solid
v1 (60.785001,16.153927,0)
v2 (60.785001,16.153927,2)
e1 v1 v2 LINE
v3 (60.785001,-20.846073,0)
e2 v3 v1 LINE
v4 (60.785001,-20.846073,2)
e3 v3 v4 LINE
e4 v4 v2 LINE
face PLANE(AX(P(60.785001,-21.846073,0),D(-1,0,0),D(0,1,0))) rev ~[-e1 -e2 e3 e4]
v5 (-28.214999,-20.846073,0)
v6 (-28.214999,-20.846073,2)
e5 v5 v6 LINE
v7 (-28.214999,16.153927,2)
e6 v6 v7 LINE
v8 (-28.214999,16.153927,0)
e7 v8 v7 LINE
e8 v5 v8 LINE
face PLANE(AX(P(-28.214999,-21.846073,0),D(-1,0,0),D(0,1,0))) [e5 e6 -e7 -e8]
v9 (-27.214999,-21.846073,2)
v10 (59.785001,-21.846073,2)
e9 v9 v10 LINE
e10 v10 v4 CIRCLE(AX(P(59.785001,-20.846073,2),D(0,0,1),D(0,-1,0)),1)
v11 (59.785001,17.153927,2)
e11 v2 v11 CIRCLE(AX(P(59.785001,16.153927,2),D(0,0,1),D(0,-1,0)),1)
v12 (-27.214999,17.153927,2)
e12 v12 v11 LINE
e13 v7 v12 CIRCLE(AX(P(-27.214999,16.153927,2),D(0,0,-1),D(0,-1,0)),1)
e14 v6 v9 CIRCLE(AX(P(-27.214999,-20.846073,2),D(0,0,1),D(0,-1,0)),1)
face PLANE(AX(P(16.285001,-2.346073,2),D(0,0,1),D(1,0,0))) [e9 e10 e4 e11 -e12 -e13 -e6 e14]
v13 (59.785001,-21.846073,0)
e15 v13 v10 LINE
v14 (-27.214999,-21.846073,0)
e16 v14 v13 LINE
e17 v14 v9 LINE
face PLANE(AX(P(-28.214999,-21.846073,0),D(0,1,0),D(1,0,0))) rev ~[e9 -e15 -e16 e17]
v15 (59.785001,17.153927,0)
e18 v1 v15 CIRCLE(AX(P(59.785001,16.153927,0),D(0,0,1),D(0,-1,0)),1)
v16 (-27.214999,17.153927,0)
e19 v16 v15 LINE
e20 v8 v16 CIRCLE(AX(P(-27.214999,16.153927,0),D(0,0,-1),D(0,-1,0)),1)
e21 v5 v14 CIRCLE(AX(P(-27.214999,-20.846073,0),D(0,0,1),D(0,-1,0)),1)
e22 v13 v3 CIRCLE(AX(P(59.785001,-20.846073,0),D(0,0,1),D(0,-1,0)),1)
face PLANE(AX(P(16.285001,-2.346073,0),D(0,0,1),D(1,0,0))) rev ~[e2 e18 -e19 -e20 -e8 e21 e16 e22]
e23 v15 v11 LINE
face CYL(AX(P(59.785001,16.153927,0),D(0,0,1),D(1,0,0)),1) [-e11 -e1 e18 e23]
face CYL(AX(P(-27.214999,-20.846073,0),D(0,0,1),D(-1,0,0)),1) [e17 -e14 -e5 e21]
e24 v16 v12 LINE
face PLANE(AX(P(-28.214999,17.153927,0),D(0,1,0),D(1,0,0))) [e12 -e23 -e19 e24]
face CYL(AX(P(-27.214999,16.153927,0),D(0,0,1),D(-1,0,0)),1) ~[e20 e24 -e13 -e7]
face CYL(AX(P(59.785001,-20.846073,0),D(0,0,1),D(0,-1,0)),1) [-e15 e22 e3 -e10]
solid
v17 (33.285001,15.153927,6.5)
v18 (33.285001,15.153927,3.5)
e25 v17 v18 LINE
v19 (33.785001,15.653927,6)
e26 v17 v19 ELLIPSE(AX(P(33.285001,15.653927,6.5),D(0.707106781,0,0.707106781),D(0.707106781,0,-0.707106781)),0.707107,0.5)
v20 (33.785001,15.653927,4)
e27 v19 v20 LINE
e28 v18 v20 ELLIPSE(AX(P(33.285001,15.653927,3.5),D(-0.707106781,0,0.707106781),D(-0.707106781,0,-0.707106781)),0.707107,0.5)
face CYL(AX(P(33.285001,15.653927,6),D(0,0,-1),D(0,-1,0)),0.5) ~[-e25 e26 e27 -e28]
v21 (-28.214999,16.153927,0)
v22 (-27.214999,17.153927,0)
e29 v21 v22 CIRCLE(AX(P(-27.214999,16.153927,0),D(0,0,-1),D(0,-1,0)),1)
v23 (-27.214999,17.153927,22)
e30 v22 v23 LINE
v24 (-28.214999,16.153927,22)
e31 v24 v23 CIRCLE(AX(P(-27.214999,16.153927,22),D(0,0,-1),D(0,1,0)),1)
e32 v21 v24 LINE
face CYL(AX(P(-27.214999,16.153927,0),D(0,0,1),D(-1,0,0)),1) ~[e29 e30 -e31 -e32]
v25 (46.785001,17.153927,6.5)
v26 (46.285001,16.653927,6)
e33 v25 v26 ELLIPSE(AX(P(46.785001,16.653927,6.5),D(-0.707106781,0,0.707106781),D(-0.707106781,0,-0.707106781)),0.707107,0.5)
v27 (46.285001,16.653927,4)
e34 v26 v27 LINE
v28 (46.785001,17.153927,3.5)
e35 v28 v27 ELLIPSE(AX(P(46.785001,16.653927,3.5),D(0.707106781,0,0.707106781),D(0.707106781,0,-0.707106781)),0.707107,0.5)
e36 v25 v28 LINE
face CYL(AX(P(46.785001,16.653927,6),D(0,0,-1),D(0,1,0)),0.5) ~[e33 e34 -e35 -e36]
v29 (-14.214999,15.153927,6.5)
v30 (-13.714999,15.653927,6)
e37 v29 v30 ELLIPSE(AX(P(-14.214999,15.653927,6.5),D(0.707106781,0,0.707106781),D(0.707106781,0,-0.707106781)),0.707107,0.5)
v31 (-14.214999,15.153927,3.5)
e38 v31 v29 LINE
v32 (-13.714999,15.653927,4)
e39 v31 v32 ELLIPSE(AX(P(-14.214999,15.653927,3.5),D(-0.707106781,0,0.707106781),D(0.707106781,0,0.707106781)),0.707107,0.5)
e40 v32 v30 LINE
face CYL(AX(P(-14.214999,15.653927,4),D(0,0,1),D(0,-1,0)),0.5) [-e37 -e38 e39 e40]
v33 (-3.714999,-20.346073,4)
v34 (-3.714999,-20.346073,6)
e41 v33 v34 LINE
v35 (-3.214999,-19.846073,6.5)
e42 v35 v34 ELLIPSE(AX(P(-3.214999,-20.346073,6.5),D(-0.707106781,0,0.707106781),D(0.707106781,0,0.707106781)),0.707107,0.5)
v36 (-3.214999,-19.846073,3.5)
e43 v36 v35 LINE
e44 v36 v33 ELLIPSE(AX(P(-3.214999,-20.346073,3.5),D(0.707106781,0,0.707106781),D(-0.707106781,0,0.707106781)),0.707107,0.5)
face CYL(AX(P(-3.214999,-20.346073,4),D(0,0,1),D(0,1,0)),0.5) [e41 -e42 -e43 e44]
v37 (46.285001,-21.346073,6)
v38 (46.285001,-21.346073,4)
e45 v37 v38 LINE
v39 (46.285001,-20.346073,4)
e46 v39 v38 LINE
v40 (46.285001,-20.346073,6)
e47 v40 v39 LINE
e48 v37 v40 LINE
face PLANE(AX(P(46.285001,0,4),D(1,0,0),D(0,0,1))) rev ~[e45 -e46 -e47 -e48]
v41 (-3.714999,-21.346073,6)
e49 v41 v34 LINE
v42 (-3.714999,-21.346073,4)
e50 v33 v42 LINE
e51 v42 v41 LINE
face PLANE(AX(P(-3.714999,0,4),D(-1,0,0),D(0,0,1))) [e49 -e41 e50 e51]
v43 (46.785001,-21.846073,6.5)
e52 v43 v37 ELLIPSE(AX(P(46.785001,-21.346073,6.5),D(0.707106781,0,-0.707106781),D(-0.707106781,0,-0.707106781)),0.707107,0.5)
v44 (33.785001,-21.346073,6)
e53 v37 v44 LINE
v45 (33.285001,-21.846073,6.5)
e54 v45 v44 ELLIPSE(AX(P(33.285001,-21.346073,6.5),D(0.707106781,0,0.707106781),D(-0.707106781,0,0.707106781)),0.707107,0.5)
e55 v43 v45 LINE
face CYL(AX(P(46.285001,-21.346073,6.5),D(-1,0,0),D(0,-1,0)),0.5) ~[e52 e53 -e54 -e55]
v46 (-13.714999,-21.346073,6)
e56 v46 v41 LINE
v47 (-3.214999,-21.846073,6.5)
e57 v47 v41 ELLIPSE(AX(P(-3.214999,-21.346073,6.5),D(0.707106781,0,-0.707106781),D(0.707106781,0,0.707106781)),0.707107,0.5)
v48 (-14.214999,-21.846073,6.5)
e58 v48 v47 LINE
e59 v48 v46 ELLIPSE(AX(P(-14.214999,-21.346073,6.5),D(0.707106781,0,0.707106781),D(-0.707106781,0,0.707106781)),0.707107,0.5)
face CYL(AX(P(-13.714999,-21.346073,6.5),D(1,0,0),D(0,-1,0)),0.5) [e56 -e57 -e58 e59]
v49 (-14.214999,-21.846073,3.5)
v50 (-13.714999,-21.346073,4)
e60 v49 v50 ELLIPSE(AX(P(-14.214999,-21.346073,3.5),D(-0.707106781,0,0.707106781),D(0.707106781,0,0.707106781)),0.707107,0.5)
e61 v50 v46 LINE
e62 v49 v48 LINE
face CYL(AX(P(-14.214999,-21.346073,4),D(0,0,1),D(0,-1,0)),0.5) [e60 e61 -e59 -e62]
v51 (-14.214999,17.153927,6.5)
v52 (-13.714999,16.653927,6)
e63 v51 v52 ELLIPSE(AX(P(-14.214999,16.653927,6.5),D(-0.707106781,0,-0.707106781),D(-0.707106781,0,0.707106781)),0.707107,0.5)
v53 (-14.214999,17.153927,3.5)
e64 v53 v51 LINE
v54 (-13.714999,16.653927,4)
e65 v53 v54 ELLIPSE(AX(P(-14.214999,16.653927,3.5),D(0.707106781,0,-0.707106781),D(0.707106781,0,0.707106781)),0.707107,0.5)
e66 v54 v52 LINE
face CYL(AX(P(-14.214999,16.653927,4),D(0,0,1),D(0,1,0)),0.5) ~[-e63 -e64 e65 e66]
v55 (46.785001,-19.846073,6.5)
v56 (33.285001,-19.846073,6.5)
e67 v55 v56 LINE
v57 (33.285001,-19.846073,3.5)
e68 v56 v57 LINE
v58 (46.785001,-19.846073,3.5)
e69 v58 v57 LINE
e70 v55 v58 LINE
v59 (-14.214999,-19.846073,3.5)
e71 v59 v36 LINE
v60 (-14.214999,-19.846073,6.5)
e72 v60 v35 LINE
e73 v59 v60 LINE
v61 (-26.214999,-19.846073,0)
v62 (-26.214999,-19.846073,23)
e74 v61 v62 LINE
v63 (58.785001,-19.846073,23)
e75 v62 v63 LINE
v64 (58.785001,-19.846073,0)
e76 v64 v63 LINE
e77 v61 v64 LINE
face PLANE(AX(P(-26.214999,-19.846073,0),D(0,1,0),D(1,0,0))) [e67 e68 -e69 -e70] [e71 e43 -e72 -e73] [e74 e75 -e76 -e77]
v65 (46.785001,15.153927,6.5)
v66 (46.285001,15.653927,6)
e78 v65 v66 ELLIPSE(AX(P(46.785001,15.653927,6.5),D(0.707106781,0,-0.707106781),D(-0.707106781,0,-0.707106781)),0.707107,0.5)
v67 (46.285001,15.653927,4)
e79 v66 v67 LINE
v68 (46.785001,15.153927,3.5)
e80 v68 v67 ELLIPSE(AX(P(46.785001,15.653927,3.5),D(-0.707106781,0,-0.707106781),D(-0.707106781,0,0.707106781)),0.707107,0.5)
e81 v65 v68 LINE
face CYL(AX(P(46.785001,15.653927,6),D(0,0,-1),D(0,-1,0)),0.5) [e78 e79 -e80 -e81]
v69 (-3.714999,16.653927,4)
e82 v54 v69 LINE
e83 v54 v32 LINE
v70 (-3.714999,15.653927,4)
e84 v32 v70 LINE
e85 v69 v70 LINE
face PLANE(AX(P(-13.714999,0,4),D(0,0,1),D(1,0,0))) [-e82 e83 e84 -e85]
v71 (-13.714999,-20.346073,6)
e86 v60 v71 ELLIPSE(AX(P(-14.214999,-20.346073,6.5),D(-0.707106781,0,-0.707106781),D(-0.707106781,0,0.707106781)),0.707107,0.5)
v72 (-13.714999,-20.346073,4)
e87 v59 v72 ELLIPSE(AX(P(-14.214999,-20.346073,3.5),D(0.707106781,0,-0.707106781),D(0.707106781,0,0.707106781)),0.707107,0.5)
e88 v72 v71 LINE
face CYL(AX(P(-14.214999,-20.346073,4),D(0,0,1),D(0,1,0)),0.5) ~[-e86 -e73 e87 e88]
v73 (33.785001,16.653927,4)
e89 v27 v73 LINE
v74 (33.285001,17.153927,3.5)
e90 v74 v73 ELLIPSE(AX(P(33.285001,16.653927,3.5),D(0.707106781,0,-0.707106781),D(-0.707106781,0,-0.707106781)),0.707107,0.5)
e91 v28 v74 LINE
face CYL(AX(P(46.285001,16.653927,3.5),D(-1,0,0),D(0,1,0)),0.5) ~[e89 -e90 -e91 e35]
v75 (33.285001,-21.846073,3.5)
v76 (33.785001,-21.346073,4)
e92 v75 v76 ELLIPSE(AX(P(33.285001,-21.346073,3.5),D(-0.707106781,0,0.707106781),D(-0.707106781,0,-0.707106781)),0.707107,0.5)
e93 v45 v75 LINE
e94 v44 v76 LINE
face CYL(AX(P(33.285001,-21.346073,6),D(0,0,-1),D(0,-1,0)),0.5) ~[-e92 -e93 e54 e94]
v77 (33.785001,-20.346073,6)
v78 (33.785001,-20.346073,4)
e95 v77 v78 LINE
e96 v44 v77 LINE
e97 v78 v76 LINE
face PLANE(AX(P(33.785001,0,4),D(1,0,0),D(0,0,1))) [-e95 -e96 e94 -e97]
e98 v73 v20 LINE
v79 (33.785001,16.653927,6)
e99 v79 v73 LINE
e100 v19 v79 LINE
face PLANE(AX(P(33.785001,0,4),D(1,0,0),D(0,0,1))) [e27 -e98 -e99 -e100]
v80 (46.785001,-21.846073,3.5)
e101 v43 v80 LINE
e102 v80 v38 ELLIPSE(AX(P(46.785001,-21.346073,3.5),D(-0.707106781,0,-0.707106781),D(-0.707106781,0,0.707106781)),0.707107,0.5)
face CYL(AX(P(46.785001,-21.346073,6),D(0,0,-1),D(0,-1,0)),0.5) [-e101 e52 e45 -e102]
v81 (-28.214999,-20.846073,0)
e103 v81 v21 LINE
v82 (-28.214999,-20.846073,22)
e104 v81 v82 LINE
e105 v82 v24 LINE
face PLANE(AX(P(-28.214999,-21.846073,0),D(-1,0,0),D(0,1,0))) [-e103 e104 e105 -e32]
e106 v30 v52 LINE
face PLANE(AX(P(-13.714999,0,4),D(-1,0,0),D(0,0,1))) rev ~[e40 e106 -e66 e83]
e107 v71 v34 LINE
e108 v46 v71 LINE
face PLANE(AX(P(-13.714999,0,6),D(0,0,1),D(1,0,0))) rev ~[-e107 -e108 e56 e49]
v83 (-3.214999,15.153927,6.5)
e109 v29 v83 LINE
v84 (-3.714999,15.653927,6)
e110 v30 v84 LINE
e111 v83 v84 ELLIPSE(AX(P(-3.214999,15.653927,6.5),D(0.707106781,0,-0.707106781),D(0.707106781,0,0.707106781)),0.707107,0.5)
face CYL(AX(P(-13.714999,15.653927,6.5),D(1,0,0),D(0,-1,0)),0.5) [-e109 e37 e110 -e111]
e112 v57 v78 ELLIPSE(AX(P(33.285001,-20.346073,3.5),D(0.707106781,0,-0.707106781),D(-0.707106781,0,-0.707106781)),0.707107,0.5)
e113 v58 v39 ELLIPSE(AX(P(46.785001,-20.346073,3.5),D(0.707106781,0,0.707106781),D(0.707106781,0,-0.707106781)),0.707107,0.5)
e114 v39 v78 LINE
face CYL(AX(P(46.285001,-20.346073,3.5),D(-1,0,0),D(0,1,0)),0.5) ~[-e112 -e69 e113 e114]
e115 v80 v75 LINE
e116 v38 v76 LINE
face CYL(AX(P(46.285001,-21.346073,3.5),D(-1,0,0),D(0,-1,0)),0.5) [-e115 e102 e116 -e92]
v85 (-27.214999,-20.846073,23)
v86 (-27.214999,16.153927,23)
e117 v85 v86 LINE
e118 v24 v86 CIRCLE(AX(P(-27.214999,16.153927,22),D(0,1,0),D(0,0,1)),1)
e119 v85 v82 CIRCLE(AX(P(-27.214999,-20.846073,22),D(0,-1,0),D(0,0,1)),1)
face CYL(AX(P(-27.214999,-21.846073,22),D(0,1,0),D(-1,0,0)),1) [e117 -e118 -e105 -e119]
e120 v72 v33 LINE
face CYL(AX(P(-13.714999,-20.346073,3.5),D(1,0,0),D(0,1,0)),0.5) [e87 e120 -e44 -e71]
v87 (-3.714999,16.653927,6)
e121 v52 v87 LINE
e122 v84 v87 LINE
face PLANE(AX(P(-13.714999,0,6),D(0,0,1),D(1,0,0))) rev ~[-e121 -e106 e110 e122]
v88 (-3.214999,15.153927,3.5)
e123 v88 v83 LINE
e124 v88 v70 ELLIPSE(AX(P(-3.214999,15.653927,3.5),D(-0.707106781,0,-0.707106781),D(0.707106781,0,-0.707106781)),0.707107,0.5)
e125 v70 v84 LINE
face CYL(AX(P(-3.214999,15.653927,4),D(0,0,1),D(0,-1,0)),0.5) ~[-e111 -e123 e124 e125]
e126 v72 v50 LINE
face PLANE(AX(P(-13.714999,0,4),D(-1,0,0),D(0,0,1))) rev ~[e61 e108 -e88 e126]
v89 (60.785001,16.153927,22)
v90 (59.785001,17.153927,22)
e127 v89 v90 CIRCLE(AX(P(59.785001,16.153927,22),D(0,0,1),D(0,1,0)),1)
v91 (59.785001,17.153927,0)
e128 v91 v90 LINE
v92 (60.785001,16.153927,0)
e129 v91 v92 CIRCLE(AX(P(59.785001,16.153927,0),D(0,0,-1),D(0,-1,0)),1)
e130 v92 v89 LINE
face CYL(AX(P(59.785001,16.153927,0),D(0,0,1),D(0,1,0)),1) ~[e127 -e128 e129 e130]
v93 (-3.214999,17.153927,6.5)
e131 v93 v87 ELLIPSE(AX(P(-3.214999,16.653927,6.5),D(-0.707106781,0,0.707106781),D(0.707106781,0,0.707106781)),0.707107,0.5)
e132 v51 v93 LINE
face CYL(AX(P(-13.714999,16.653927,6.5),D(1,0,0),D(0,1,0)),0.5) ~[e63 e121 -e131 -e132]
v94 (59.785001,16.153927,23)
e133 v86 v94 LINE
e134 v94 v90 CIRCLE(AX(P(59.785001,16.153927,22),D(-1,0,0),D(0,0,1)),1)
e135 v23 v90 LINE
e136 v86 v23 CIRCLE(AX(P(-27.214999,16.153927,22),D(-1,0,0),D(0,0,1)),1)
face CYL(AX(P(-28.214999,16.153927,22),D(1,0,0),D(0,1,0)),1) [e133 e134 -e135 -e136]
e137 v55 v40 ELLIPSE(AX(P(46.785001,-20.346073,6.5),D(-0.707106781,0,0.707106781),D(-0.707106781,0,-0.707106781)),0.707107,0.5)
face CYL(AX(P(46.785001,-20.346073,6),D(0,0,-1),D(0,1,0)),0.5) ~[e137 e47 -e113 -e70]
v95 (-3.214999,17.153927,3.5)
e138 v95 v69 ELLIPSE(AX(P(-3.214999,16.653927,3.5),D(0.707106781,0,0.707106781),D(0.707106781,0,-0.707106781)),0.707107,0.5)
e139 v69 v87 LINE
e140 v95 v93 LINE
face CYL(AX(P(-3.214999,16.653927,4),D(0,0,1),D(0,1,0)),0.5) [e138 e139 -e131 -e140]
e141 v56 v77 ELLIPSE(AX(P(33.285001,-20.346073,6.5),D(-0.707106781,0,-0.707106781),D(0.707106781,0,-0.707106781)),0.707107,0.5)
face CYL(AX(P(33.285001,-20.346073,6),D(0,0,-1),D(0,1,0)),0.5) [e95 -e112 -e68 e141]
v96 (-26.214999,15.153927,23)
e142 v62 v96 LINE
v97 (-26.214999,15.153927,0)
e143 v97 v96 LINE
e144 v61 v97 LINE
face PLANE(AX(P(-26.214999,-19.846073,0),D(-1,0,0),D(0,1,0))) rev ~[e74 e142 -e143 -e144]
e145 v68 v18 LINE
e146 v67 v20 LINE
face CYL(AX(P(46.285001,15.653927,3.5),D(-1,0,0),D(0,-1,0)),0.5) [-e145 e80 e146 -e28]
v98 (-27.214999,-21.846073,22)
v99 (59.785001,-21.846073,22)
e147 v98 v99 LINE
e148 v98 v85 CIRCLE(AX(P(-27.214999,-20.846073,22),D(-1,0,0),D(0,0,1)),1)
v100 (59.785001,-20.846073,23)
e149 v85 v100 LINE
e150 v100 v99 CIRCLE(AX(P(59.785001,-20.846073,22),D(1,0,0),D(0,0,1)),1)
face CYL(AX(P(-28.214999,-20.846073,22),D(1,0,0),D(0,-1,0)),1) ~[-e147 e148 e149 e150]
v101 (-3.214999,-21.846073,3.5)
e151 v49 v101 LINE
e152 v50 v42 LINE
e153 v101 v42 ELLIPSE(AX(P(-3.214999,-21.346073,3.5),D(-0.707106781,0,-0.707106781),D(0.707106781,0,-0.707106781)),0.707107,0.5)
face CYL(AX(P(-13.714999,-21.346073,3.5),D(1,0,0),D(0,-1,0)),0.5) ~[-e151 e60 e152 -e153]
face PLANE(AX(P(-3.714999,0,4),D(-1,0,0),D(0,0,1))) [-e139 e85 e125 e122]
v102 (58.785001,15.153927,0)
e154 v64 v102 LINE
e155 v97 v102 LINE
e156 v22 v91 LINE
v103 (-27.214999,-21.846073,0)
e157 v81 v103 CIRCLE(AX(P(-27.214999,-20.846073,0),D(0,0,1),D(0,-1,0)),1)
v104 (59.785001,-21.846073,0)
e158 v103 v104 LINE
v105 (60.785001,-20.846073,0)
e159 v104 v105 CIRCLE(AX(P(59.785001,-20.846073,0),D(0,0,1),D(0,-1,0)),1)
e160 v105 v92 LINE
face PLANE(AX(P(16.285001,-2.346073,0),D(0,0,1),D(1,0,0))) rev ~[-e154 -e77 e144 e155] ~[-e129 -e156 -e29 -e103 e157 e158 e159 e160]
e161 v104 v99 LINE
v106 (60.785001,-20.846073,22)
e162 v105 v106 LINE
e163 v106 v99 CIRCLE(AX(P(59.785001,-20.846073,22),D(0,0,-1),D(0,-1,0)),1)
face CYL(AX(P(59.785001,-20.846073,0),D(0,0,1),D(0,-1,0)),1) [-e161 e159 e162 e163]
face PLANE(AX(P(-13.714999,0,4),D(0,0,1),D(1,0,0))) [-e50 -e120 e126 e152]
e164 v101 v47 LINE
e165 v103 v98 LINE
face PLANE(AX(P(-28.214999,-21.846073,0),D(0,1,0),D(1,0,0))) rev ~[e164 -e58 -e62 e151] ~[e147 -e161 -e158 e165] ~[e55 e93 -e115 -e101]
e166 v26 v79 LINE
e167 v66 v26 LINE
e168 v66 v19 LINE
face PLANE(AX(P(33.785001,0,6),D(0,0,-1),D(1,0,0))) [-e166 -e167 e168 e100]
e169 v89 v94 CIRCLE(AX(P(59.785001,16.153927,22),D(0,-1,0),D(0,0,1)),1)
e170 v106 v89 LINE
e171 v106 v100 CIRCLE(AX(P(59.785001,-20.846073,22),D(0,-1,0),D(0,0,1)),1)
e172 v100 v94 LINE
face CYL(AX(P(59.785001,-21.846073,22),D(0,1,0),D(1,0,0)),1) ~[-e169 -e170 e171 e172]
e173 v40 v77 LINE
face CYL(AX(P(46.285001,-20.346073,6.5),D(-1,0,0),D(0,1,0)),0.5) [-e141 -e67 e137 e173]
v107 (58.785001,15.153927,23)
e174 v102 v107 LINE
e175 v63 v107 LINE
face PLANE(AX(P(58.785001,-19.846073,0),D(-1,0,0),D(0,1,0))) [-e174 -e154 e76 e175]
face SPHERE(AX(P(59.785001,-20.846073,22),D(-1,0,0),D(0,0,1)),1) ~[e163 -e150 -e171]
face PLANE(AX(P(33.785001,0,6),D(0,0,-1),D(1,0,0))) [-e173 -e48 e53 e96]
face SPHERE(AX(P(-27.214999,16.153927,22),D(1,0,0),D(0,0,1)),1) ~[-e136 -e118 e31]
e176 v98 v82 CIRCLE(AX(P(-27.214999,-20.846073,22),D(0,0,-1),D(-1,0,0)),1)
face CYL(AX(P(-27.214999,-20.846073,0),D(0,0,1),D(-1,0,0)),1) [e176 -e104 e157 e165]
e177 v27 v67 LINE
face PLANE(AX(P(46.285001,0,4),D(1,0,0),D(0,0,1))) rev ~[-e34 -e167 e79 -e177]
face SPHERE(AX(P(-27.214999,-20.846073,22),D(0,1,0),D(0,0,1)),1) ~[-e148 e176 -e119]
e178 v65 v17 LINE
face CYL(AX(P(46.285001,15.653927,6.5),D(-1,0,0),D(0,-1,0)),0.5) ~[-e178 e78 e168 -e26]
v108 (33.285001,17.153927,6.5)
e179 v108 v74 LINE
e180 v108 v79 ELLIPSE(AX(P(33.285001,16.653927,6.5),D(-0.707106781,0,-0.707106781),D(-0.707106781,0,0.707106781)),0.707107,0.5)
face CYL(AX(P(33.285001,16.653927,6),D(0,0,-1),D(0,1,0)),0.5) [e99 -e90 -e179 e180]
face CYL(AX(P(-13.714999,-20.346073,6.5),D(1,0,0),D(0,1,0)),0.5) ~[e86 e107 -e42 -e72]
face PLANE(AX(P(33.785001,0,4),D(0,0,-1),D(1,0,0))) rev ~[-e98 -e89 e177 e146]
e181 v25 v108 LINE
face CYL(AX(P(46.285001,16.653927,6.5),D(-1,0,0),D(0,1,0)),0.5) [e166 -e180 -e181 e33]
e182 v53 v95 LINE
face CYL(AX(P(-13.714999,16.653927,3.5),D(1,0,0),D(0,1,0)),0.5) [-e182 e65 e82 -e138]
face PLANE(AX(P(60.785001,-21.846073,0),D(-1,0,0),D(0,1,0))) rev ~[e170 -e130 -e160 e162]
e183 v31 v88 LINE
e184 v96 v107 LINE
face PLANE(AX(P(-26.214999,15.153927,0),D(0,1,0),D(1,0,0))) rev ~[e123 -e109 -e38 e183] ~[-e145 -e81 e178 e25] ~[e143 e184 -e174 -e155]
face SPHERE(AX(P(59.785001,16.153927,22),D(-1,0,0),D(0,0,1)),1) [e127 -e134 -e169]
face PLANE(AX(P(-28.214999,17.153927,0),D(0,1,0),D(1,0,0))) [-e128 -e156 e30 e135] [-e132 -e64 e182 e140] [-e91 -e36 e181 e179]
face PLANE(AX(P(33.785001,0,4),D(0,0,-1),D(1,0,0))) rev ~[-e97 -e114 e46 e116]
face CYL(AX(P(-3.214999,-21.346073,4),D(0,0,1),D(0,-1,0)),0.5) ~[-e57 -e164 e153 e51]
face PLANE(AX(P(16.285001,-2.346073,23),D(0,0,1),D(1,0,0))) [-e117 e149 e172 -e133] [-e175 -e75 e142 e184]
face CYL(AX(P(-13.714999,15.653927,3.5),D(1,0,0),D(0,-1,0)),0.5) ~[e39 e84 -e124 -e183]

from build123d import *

# Parameters (mm, degrees)
F0_W     = 89
F0_H     = 39
F0_W_2   = 85
F0_H_2   = 35
F1_DEPTH = 23
F2_W     = 89
F2_H     = 39
F3_DEPTH = 2
F4_R     = 1
F5_R     = 1
F6_W     = 10
F6_H     = 2
F6_W_2   = 12.5
F7_DEPTH = 50
F8_R     = 0.5


with BuildPart() as f1:
    # F0 (on Top) → F1 (new body)
    with BuildSketch(Plane.XY):
        with Locations((16.2850007862, -2.3460731005)):
            Rectangle(F0_W, F0_H)
        with Locations((16.2850007862, -2.3460731005)):
            Rectangle(F0_W_2, F0_H_2, mode=Mode.SUBTRACT)
    extrude(amount=F1_DEPTH)

    # F4
    f4_edges = [f1.edges().sort_by_distance(p)[0] for p in [
        (16.285001, 17.153927, 23),
        (-28.214999, -2.346073, 23),
        (16.285001, -21.846073, 23),
        (60.785001, -2.346073, 23),
        (60.785001, 17.153927, 11.5),
        (60.785001, -21.846073, 11.5),
        (-28.214999, 17.153927, 11.5),
        (-28.214999, -21.846073, 11.5),
    ]]
    fillet(f4_edges, radius=F4_R)

    # F6 (on Front) → F7 (cut, symmetric)
    with BuildSketch(Plane.XZ):
        with Locations((-8.7149992138, 5)):
            Rectangle(F6_W, F6_H)
        with Locations((40.0350007862, 5)):
            Rectangle(F6_W_2, F6_H)
    extrude(amount=F7_DEPTH, both=True, mode=Mode.SUBTRACT)

    # F8
    f8_edges = [f1.edges().sort_by_distance(p)[0] for p in [
        (-13.714999, -21.846073, 5),
        (-8.714999, -21.846073, 6),
        (-8.714999, -21.846073, 4),
        (-3.714999, -21.846073, 5),
        (40.035001, -21.846073, 6),
        (33.785001, -21.846073, 5),
        (40.035001, -21.846073, 4),
        (46.285001, -21.846073, 5),
        (-8.714999, 15.153927, 6),
        (-8.714999, 15.153927, 4),
        (-13.714999, 15.153927, 5),
        (-3.714999, 15.153927, 5),
        (33.785001, 15.153927, 5),
        (40.035001, 15.153927, 6),
        (40.035001, 15.153927, 4),
        (46.285001, 15.153927, 5),
        (46.285001, 17.153927, 5),
        (40.035001, 17.153927, 6),
        (33.785001, 17.153927, 5),
        (40.035001, 17.153927, 4),
        (-13.714999, 17.153927, 5),
        (-8.714999, 17.153927, 4),
        (-3.714999, 17.153927, 5),
        (-8.714999, 17.153927, 6),
        (-3.714999, -19.846073, 5),
        (-8.714999, -19.846073, 4),
        (-13.714999, -19.846073, 5),
        (-8.714999, -19.846073, 6),
        (46.285001, -19.846073, 5),
        (40.035001, -19.846073, 4),
        (33.785001, -19.846073, 5),
        (40.035001, -19.846073, 6),
    ]]
    fillet(f8_edges, radius=F8_R)


with BuildPart() as f3:
    # F2 (on Top) → F3 (new body)
    with BuildSketch(Plane.XY):
        with Locations((16.2850007862, -2.3460731005)):
            Rectangle(F2_W, F2_H)
    extrude(amount=F3_DEPTH)

    # F5
    f5_edges = [f3.edges().sort_by_distance(p)[0] for p in [
        (60.785001, 17.153927, 1),
        (-28.214999, 17.153927, 1),
        (-28.214999, -21.846073, 1),
        (60.785001, -21.846073, 1),
    ]]
    fillet(f5_edges, radius=F5_R)


solid = Compound([f1.part, f3.part])
